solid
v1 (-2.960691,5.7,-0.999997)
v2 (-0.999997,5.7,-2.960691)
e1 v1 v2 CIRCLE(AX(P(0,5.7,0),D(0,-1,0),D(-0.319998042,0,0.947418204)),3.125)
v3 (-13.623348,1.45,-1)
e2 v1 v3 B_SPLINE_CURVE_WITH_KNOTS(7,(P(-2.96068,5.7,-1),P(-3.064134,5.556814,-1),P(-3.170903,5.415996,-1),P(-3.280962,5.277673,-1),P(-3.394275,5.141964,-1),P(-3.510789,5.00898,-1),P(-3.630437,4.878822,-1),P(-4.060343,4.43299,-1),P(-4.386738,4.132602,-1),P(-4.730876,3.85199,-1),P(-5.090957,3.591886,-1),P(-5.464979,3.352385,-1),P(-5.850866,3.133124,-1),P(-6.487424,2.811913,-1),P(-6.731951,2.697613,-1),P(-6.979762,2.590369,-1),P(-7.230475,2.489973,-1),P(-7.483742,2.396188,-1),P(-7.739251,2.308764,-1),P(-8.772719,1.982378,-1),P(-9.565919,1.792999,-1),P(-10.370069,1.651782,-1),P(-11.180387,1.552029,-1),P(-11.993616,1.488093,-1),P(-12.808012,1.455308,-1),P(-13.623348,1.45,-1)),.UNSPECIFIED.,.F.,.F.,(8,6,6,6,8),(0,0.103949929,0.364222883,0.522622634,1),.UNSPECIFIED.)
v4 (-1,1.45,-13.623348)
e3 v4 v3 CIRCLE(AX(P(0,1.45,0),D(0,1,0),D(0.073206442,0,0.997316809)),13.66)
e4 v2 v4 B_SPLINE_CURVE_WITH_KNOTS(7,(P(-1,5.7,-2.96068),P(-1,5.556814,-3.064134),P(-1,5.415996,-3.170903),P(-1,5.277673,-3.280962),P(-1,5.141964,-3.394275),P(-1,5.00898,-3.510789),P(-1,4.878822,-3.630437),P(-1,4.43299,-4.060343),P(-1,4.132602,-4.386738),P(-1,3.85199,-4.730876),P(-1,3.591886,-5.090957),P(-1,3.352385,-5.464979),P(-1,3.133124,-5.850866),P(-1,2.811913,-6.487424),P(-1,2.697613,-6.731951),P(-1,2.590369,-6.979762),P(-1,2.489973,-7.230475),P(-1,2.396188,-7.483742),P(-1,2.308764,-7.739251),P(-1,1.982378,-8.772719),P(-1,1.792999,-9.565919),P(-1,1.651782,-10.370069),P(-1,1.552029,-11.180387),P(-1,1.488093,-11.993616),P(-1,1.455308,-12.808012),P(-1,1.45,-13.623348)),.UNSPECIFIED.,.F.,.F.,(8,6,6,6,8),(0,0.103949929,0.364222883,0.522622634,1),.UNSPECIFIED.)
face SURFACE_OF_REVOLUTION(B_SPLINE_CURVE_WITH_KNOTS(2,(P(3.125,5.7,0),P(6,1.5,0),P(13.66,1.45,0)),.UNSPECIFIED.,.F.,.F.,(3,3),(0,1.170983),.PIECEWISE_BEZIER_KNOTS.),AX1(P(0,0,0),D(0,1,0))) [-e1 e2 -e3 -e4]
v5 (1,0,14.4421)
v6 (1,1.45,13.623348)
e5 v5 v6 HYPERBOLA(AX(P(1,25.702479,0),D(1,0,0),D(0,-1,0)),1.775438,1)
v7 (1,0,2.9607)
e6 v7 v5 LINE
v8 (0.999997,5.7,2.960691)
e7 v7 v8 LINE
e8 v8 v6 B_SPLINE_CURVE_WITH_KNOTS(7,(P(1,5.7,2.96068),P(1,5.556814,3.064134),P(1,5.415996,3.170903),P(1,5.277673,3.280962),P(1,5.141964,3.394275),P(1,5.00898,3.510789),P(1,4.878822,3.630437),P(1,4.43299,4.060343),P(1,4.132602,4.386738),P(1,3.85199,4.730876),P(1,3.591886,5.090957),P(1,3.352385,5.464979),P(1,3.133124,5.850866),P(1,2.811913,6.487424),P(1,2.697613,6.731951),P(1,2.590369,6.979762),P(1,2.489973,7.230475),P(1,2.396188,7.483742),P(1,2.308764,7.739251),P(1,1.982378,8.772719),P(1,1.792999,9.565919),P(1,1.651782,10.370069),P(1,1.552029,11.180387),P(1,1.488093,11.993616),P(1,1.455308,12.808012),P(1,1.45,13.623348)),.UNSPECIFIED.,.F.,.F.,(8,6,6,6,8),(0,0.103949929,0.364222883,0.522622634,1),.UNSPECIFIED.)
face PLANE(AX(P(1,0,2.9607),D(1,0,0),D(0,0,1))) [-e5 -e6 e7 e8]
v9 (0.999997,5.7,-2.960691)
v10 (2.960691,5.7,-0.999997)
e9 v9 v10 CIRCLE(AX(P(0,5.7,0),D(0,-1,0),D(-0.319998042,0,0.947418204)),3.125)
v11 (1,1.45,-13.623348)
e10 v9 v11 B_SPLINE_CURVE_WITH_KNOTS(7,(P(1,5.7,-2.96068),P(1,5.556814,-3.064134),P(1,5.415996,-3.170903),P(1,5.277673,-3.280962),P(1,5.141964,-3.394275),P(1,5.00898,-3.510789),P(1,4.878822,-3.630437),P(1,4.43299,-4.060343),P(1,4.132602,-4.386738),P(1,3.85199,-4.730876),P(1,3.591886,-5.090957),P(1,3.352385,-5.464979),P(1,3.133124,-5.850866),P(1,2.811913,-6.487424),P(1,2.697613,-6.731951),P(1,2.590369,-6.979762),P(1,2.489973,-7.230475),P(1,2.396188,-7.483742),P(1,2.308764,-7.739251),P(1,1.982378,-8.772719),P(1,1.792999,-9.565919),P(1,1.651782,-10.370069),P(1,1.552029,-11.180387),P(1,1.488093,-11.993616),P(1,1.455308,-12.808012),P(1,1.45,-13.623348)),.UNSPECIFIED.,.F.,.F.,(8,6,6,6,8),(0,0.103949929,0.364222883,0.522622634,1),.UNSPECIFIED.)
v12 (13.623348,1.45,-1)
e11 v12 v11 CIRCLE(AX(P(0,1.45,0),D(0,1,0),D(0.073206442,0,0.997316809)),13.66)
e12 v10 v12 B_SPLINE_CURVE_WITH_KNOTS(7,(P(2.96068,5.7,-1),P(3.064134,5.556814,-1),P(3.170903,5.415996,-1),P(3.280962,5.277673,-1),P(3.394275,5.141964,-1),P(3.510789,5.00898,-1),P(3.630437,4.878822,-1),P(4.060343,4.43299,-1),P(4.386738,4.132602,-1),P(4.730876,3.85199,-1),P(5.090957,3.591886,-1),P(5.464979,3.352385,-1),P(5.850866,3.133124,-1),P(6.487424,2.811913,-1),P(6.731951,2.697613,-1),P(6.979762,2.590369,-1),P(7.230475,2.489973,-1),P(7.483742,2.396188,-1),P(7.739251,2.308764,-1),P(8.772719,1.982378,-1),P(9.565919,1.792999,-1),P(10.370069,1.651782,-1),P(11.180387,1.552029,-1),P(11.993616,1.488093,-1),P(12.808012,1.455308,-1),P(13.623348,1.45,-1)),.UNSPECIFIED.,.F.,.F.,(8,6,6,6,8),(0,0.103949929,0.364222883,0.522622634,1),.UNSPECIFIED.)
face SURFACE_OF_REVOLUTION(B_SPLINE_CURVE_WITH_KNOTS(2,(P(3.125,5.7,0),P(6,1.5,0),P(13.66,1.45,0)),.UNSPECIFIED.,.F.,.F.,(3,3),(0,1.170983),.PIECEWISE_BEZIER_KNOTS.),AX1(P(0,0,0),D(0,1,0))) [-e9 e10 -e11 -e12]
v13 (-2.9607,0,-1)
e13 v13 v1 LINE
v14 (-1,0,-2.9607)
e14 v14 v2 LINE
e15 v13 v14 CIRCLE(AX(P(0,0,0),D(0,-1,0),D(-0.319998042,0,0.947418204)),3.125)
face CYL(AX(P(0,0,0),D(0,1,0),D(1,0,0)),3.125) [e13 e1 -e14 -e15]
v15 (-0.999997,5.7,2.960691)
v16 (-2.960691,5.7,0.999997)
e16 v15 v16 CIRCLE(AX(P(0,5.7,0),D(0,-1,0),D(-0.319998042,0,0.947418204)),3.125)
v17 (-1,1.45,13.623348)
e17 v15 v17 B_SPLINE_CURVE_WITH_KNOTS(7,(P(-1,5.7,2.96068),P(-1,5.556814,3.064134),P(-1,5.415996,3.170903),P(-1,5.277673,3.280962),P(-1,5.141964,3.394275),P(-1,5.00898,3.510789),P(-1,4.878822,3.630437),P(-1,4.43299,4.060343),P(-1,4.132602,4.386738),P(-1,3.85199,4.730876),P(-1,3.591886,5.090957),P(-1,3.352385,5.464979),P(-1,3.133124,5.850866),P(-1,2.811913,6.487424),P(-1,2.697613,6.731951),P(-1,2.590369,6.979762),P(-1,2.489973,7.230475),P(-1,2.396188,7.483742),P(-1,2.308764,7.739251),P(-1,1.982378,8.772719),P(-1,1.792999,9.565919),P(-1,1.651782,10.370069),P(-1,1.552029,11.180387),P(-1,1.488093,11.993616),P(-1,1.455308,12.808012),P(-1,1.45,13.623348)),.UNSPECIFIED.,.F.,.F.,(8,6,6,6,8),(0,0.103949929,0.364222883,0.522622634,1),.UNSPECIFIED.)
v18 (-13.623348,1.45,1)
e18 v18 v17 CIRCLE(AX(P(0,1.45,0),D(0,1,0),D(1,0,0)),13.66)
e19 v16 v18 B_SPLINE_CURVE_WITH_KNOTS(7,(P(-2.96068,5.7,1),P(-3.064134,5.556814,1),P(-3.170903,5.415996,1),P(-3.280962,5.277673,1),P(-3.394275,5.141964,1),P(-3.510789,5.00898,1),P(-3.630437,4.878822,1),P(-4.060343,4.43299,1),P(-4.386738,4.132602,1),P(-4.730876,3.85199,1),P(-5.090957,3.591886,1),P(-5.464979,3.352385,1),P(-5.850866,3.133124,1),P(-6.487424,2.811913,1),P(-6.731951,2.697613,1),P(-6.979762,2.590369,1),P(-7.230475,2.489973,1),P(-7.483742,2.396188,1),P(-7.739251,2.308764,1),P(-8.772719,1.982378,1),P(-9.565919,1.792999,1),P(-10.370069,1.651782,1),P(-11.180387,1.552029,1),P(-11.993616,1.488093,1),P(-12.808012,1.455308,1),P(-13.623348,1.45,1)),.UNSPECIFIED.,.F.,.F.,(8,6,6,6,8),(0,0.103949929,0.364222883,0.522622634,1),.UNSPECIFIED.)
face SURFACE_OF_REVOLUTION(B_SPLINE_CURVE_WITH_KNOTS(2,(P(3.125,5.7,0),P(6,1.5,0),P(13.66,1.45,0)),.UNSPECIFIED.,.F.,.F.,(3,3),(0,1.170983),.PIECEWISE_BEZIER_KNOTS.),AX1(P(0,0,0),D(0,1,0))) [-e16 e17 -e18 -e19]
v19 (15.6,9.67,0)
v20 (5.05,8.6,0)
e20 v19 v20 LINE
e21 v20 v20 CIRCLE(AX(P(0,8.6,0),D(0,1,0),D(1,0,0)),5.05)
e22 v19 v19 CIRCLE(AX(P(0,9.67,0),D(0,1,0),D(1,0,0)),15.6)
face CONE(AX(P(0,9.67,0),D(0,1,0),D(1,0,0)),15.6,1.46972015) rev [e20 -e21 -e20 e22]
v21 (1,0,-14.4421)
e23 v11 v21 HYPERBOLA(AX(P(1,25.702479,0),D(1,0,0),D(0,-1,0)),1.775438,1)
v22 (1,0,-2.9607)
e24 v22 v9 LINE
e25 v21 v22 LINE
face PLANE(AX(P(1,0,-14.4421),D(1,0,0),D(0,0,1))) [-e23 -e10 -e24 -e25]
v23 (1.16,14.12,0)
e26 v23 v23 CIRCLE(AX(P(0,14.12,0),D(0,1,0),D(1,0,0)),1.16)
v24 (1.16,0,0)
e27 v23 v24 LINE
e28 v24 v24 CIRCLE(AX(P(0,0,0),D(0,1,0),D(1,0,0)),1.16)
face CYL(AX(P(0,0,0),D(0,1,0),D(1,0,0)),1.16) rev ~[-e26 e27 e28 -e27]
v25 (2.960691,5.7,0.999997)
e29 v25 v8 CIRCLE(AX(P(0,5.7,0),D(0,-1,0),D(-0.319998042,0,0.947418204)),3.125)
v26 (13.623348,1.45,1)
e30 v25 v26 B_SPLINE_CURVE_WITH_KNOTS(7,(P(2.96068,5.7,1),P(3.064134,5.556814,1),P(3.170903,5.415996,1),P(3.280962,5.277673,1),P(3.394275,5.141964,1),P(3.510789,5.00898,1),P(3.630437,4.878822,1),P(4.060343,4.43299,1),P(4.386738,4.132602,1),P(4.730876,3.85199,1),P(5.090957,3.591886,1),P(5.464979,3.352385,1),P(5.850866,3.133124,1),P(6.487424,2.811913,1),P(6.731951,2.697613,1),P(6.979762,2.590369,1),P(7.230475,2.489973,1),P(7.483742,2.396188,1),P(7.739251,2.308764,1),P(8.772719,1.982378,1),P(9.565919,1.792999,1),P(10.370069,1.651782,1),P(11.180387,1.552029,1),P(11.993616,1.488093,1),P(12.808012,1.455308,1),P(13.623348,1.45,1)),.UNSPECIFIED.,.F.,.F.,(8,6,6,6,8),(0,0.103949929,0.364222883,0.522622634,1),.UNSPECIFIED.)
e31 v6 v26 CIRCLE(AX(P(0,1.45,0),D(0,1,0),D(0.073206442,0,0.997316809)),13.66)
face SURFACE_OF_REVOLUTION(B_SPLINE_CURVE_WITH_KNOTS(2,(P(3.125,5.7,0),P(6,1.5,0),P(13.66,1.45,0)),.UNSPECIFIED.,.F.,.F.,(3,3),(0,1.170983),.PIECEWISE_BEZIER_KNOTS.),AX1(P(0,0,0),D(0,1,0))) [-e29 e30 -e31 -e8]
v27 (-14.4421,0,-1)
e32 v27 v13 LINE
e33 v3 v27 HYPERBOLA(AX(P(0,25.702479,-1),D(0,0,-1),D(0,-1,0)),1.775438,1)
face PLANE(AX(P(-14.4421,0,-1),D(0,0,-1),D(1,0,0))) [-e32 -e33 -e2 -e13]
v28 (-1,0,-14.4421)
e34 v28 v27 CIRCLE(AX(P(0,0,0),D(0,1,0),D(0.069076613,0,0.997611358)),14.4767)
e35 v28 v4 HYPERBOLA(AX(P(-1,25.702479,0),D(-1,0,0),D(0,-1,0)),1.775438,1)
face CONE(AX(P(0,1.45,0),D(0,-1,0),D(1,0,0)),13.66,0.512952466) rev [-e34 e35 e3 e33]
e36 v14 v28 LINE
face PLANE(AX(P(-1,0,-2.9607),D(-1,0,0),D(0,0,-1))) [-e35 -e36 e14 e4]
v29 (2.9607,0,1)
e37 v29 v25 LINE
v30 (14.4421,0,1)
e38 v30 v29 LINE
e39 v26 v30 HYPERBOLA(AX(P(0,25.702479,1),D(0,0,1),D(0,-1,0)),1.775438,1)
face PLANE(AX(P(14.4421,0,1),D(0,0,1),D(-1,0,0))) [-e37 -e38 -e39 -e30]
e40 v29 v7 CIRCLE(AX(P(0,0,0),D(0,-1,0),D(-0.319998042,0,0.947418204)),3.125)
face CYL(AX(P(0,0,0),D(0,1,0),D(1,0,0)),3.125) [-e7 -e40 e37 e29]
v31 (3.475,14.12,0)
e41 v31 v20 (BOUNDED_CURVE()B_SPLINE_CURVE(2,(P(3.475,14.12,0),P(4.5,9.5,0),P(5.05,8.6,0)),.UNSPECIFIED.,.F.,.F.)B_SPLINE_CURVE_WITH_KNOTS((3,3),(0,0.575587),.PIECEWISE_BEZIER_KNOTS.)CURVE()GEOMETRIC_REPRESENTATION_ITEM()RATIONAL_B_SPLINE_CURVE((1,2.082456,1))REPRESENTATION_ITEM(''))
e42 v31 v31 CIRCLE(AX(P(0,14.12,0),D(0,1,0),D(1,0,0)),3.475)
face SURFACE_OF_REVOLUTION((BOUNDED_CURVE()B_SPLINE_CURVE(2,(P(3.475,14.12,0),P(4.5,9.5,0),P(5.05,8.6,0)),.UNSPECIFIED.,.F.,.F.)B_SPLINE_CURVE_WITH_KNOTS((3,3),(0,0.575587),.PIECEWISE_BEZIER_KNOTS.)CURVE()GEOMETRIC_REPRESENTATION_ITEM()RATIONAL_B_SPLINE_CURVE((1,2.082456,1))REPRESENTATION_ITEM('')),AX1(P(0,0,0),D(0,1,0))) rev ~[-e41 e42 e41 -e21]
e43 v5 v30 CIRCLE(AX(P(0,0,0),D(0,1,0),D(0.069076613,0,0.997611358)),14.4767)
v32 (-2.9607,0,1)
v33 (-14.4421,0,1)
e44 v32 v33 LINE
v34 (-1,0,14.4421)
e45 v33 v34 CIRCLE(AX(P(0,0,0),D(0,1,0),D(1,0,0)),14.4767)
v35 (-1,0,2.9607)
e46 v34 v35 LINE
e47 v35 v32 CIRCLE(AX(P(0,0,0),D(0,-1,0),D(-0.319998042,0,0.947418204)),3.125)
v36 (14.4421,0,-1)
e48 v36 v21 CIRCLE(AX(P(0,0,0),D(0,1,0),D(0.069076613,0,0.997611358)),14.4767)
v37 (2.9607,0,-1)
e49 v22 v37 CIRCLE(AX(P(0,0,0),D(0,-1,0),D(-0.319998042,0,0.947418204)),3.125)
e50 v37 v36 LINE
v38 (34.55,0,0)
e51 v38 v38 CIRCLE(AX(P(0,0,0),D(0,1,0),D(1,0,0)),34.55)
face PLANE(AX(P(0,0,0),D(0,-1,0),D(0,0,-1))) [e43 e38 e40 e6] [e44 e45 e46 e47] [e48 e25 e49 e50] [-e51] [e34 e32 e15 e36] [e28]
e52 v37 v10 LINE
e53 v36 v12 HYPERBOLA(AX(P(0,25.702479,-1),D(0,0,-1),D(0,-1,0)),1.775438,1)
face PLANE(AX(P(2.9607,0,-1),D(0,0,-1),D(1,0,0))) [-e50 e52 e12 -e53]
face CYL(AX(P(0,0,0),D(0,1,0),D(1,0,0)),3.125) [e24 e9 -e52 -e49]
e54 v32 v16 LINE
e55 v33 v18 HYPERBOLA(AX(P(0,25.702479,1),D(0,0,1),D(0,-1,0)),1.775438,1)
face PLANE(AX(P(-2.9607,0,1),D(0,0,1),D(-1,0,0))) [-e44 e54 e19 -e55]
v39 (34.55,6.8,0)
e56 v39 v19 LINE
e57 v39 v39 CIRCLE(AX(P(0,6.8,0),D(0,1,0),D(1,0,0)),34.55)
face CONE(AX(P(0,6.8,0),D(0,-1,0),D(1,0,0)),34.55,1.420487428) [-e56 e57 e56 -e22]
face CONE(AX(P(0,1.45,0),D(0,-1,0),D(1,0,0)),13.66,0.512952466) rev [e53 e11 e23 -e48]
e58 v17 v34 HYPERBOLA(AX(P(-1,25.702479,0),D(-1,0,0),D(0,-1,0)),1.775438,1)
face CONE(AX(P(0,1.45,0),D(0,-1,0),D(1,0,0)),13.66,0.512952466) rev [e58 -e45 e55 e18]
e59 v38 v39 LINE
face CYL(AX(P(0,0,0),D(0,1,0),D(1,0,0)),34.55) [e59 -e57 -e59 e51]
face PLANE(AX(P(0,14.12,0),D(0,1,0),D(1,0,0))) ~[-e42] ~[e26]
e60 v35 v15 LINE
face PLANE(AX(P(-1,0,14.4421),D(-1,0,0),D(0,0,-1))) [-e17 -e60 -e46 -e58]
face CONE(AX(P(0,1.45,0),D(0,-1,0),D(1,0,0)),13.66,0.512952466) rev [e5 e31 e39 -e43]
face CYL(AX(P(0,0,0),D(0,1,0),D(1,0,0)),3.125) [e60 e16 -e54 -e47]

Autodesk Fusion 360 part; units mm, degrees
sketch "Sketch1" plane through (0, 0, 0) normal (0, 0, 1) x (1, 0, 0)
  line L0 (0, 0) -> (34.55, 0)
  line L1 (34.55, 0) -> (34.55, 6.8)
  line L2 (15.6, 0) -> (15.6, 9.67) construction
  line L3 (34.55, 6.8) -> (15.6, 9.67)
  line L4 (5.05, 0) -> (5.05, 8.6) construction
  line L5 (15.6, 9.67) -> (5.05, 8.6)
  line L6 (0, 0) -> (0, 14.12)
  line L7 (0, 14.12) -> (3.475, 14.12)
  spline S0 degree 2 poles (3.475, 14.12) (4.5, 9.5) (5.05, 8.6) knots 0 0 0 0.575587 0.575587 0.575587 weights 1 2.082456 1
  line L8 (3.125, 0) -> (3.125, 5.7)
  line L9 (3.125, 5.7) -> (0, 5.7)
  line L10 (13.66, 0) -> (13.66, 1.45) construction
  spline S1 degree 2 poles (3.125, 5.7) (6, 1.5) (13.66, 1.45) knots 0 0 0 1.170983 1.170983 1.170983
  line L11 (13.66, 1.45) -> (14.4767, 0)
  line L12 (1.16, 0) -> (1.16, 14.12)
  dimension "d1" = 34.55
  dimension "d2" = 6.8
  dimension "d3" = 9.67
  dimension "d4" = 15.6
  dimension "d5" = 8.6
  dimension "d6" = 5.05
  dimension "d7" = 14.12
  dimension "d8" = 3.475
  dimension "d9" = 3.125
  dimension "d10" = 5.7
  dimension "d11" = 1.45
  dimension "d12" = 13.66
  dimension "d13" = 1.16
revolve "Revolve1" add sketch "Sketch1" angle 360 about axis through (0, 0, 0) along (0, 1, 0) contours L0 L8 L9 L12 | L0 L1 L3 L5 L7 S0 L9 S1 L11 L12
sketch "Sketch2" plane through (0, 0, 0) normal (0, -1, 0) x (1, 0, 0)
  circle A0 centre (0, 0) radius 3.125
  circle A1 centre (0, 0) radius 1.16
  line L0 (1, 2.9607) -> (1, 14.4421)
  circle A2 centre (0, 0) radius 34.55
  circle A3 centre (0, 0) radius 14.4767
  line L1 (-1, 14.4421) -> (-1, 2.9607)
  line L2 (0, 3.125) -> (0, 14.4767) construction
  line L3 (0, 0) -> (0, 3.125) construction
  dimension "d15" = 2
extrude "Extrude1" add sketch "Sketch2" against normal blind 7 contours A0 L0 A3 L1 picked at (-0.5123, 10.6778)
pattern_circular "C-Pattern1" count 4 over 360 about axis through (0, 5.7, 0) along (0, -1, 0) of "Extrude1"
equation "d1 = ( 69.1 / 2 ) * 1 mm"
equation "d4 = ( 31.2 / 2 ) * 1 mm"
equation "d6 = ( 10.1 / 2 ) * 1 mm"
equation "d8 = ( 6.95 / 2 ) * 1 mm"
equation "d9 = ( 6.25 / 2 ) * 1 mm"
equation "d12 = ( 27.32 / 2 ) * 1 mm"
equation "d13 = ( 2.32 / 2 ) * 1 mm"
